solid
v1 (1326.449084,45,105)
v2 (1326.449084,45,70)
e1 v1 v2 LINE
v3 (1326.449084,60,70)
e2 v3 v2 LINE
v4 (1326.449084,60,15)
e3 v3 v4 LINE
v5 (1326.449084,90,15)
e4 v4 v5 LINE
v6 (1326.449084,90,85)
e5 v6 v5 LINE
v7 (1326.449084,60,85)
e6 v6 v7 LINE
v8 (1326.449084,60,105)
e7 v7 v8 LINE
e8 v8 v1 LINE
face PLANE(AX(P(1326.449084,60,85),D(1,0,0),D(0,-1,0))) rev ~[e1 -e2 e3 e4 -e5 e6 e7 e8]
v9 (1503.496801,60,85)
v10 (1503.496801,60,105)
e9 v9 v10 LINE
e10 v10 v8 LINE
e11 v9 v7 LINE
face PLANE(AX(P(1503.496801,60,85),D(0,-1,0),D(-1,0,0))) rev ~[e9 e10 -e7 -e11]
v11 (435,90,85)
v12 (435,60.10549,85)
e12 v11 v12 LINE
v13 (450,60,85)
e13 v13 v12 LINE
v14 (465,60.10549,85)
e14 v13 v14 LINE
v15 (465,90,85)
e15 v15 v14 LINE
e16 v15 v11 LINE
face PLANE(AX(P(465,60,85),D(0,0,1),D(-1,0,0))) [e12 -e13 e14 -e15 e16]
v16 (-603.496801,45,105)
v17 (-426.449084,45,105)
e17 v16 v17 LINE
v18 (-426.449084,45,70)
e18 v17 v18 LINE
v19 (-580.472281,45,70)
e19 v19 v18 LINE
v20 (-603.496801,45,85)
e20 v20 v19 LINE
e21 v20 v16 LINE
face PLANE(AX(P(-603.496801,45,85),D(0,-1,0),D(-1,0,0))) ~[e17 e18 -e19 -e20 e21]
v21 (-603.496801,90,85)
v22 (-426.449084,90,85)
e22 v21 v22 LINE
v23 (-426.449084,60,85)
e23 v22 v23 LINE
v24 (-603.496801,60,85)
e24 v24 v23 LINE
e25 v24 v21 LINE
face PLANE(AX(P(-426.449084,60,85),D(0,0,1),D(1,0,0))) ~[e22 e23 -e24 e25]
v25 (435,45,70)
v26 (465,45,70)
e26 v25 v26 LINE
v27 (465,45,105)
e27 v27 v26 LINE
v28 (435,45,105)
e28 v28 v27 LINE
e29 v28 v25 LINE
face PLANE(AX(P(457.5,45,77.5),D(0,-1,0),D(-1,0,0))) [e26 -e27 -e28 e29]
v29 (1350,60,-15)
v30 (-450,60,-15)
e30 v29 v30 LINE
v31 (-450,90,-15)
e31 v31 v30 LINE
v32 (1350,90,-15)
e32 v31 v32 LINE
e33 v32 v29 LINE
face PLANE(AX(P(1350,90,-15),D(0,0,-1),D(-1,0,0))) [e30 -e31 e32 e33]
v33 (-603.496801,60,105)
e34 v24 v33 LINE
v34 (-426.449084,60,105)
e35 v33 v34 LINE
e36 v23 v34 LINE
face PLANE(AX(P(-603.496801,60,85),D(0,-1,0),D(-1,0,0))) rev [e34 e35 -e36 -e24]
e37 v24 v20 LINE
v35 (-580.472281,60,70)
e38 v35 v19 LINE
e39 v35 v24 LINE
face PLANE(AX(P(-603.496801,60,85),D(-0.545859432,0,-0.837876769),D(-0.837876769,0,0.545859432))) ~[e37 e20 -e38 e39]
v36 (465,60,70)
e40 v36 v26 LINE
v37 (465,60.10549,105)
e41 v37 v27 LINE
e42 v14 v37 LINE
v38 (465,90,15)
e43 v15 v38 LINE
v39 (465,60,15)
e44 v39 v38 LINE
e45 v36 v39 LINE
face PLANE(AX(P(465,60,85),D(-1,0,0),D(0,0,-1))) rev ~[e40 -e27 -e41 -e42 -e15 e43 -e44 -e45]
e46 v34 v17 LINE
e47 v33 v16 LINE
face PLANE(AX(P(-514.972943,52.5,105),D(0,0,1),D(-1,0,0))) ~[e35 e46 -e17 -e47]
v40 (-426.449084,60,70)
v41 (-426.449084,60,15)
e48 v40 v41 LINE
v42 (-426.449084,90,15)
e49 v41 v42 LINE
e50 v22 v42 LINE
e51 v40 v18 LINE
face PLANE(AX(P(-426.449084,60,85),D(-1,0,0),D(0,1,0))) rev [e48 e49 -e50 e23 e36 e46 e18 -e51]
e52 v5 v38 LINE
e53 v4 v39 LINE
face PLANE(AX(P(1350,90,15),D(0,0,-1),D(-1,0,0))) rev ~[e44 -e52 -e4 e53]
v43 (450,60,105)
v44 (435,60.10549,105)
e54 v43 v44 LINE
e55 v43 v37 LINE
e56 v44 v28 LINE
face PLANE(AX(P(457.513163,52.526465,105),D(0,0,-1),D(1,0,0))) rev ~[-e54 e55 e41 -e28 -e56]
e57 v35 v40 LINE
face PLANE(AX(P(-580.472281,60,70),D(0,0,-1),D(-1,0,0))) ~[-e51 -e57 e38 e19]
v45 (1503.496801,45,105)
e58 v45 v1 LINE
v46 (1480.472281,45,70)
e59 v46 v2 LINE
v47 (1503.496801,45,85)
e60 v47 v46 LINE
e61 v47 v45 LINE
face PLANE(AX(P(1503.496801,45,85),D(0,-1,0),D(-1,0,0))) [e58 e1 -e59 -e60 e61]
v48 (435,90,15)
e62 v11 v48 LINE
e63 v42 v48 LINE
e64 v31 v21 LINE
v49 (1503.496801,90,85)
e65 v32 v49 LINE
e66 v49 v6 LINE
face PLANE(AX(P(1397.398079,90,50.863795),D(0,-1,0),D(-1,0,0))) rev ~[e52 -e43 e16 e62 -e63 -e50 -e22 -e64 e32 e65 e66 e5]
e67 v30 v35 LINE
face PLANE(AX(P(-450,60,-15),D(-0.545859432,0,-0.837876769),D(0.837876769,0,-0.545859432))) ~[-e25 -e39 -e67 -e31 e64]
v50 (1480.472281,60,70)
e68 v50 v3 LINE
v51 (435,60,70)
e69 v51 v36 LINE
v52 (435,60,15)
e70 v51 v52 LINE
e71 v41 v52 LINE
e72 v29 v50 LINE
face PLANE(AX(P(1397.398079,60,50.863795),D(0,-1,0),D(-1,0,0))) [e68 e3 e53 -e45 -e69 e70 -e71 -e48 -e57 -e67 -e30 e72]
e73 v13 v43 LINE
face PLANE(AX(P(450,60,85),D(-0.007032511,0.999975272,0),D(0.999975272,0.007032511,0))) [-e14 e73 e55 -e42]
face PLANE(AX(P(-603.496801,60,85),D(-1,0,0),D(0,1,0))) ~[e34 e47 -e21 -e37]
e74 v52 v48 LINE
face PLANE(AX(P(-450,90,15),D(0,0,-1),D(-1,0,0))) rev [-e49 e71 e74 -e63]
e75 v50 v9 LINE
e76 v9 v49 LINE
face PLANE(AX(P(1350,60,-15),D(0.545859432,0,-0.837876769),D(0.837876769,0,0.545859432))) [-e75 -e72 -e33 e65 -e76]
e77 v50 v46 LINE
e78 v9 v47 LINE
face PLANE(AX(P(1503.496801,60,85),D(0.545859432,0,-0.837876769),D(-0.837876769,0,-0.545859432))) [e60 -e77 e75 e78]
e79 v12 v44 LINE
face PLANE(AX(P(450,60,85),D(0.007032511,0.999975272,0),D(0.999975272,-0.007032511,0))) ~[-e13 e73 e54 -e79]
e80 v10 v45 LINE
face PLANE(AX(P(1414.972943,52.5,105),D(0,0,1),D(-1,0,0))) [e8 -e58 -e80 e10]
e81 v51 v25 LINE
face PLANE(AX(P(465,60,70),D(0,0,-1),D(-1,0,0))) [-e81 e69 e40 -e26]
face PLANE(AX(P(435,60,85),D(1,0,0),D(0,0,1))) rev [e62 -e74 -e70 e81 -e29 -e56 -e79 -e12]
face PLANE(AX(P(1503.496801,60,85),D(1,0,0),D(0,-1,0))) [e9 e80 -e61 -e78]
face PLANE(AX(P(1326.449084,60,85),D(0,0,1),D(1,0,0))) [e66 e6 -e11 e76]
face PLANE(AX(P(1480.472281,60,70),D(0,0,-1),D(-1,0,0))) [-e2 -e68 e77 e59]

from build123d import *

# Parameters (mm, degrees)
SKETCH1_W           = 900
SKETCH1_H           = 30
BOSS_EXTRUDE1_DEPTH = 30
SKETCH2_W           = 15
SKETCH2_H           = 100
BOSS_EXTRUDE2_DEPTH = 30
SKETCH3_W           = 15
SKETCH3_H           = 15
BOSS_EXTRUDE3_DEPTH = 15
SKETCH4_W           = 177.04771777
SKETCH4_H           = 15
BOSS_EXTRUDE4_DEPTH = 20
SKETCH5_W           = 2368.555450384
SKETCH5_H           = 727.009925826
CUT_EXTRUDE1_DEPTH  = 45


with BuildPart() as part:
    # Sketch1 → Boss-Extrude1 (new body)
    with BuildSketch(Plane(origin=(0, 0, 0), x_dir=(1, 0, 0), z_dir=(0, 1, 0))):
        Rectangle(SKETCH1_W, SKETCH1_H)
    extrude(amount=BOSS_EXTRUDE1_DEPTH)

    # Sketch2 → Boss-Extrude2 (add)
    with BuildSketch(Plane(origin=(0, 30, 0), x_dir=(1, 0, 0), z_dir=(0, 1, 0))):
        Polygon((-450, 15), (-603.496801426, -85), (-426.449083656, -85), (-426.449083656, 15), align=None)
        with Locations((442.5, -35)):
            Rectangle(SKETCH2_W, SKETCH2_H)
    extrude(amount=-BOSS_EXTRUDE2_DEPTH)

    # Sketch3 → Boss-Extrude3 (add)
    with BuildSketch(Plane(origin=(0, 30, 0), x_dir=(1, 0, 0), z_dir=(0, 1, 0))):
        Polygon((-603.496801426, -85), (-580.472281212, -70), (-426.449083656, -70), (-426.449083656, -85), align=None)
        with Locations((442.5, -77.5)):
            Rectangle(SKETCH3_W, SKETCH3_H)
    extrude(amount=BOSS_EXTRUDE3_DEPTH)

    # Sketch4 → Boss-Extrude4 (add)
    with BuildSketch(Plane.XY.offset(85)):
        with Locations((-514.972942541, 37.5)):
            Rectangle(SKETCH4_W, SKETCH4_H)
        Polygon((435, 45), (450, 45), (450, 30), (435, 29.894509732), align=None)
    extrude(amount=BOSS_EXTRUDE4_DEPTH)

    # Mirror1: part across plane


with BuildPart() as part_1:
    add(part.part)
    add(part.part.mirror(Plane(origin=(450, 30, -15), x_dir=(0, 0, 1), z_dir=(-1, 0, 0))))


with BuildPart() as body_2:
    # Mirror3: mirrored copy
    add(part_1.part.mirror(Plane(origin=(1412.655320372, 45, 87.858325649), x_dir=(0, 0, 1), z_dir=(0, 1, 0))))


with BuildPart() as part_2:
    add(part_1.part)

    # Sketch5 → Cut-Extrude1 (cut)
    with BuildSketch(Plane(origin=(0, 0, 0), x_dir=(-1, 0, 0), z_dir=(0, -1, 0))):
        with Locations((-465, -50)):
            Rectangle(SKETCH5_W, SKETCH5_H)
    extrude(amount=-CUT_EXTRUDE1_DEPTH, mode=Mode.SUBTRACT)


solid = body_2.part
